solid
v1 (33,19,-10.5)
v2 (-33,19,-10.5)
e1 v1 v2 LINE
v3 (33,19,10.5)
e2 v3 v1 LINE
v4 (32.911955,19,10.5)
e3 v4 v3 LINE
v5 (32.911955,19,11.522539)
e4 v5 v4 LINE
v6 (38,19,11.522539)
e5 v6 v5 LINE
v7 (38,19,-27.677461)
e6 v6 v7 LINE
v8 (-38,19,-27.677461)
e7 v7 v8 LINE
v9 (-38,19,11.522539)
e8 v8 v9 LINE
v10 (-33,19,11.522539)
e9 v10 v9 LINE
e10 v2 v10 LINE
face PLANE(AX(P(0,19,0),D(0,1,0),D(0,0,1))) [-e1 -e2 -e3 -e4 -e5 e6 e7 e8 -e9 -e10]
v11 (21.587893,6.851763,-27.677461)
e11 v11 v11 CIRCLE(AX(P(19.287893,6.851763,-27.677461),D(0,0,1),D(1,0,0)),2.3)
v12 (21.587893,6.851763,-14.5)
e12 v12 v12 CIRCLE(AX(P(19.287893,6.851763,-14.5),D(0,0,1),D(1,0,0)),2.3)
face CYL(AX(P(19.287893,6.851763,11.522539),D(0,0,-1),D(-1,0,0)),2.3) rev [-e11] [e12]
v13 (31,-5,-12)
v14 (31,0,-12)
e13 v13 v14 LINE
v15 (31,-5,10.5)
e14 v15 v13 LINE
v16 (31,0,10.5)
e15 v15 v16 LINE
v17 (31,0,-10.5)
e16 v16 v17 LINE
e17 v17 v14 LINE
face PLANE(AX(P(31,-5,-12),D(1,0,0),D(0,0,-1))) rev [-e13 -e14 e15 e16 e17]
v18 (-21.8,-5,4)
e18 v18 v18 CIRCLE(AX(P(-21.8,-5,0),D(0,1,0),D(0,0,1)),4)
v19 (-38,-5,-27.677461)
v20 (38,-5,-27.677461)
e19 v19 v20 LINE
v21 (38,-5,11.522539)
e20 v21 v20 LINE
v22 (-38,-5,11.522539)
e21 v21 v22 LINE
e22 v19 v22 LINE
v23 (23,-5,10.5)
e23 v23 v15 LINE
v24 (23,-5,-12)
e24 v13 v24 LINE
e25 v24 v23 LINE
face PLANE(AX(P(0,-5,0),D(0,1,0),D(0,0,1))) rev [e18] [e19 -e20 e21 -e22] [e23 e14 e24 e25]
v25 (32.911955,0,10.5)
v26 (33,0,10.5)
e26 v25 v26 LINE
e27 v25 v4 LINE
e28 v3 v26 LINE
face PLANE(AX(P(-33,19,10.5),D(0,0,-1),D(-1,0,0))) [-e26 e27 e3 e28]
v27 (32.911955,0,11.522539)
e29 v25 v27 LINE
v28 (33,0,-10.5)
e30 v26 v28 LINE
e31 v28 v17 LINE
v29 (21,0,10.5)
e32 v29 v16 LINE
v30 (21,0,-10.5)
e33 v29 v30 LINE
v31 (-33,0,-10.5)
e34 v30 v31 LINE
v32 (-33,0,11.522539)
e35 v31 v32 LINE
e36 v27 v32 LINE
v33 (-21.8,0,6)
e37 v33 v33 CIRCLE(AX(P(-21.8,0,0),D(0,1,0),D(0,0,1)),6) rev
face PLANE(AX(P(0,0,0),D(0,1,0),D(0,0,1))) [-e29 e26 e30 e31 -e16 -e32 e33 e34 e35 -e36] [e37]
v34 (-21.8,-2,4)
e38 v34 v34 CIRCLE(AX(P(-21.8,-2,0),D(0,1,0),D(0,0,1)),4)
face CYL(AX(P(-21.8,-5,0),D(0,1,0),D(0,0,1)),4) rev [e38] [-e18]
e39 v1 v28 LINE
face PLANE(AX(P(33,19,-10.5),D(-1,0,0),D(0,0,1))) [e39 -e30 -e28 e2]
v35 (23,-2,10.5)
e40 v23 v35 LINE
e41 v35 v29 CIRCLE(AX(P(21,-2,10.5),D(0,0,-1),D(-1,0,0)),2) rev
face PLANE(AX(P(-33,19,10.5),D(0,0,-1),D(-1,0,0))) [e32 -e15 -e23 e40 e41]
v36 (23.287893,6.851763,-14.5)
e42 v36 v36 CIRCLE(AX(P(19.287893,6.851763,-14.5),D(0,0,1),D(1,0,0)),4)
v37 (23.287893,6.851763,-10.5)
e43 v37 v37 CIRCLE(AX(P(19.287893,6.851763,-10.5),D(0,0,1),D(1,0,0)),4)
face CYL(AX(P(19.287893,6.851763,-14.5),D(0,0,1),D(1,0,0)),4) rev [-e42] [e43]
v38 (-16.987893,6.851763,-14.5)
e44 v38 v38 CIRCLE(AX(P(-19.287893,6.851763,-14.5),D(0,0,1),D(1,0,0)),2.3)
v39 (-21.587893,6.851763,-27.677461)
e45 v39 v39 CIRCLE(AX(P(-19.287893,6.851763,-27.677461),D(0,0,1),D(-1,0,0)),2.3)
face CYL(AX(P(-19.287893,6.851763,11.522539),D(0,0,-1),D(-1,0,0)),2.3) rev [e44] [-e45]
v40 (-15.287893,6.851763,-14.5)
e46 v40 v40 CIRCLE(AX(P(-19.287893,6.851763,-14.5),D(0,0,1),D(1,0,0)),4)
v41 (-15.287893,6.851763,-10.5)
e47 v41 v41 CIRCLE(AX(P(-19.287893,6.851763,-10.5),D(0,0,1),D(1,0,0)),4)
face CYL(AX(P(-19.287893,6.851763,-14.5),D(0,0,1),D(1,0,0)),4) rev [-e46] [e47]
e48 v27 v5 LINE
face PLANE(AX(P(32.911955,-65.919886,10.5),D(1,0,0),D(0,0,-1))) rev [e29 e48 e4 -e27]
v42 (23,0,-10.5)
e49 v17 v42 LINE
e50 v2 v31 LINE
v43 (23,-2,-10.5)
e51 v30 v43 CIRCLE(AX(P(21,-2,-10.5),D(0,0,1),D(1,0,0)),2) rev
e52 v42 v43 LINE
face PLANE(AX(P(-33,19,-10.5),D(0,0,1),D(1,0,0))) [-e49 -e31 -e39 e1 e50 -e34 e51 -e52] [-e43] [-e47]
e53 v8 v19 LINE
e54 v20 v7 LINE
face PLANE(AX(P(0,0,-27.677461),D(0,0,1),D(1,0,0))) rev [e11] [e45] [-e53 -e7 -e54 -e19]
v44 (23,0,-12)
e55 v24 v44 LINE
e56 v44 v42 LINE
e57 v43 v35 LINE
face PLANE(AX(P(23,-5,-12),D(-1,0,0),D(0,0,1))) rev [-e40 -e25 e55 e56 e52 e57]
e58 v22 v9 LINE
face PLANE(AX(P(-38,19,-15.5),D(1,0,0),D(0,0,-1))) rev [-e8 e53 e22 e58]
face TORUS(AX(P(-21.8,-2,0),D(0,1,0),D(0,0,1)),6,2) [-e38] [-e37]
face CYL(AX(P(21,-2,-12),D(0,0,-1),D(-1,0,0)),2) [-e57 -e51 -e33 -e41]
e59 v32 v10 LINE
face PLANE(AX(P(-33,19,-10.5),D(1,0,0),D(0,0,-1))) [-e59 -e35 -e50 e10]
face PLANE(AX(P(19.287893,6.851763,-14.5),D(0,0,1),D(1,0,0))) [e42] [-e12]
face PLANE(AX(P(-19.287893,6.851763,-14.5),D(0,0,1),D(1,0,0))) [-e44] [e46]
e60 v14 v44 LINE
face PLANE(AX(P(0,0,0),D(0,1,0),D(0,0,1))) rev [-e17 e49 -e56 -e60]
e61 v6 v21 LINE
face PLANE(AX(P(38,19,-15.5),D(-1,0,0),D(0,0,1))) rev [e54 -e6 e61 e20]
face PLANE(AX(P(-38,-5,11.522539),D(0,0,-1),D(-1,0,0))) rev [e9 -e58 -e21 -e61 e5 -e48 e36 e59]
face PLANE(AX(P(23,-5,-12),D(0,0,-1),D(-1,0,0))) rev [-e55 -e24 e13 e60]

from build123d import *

# Parameters (mm, degrees)
SKETCH_1_W               = 76
SKETCH_1_H               = 31
SKETCH_1_W_2             = 66
SKETCH_1_H_2             = 21
EXTRUDE_1_DEPTH          = 19
SKETCH_3_W               = 76
SKETCH_3_H               = 31
SKETCH_3_R               = 4
SKETCH_3_W_2             = 8
SKETCH_3_H_2             = 22.5
EXTRUDE_3_DEPTH          = 5
FILLET_1_R               = 2
FILLET_2_R               = 2
CUT_EXTRUDE_2_DEPTH      = 46.224440295
CUT_EXTRUDE_2_DEPTH_BACK = 46.224440295
SKETCH_5_W               = 76.758909218
SKETCH_5_H               = 3.977461231
SKETCH_6_W               = 76
SKETCH_6_H               = 24
EXTRUDE_4_DEPTH          = 12.177461231
SKETCH_8_R               = 2.3
CUT_EXTRUDE_5_DEPTH      = 58.806920001
SKETCH_13_W              = 65.911954831
SKETCH_13_H              = 1.022538769
CUT_EXTRUDE_6_DEPTH      = 19
SKETCH_14_R              = 4
CUT_EXTRUDE_7_DEPTH      = 4


with BuildPart() as part:
    # 草圖1 → 填料-伸長1 (new body)
    with BuildSketch(Plane(origin=(0, 0, 0), x_dir=(1, 0, 0), z_dir=(0, 1, 0))):
        Rectangle(SKETCH_1_W, SKETCH_1_H)
        Rectangle(SKETCH_1_W_2, SKETCH_1_H_2, mode=Mode.SUBTRACT)
    extrude(amount=EXTRUDE_1_DEPTH)

    # 草圖3 → 填料-伸長3 (add)
    with BuildSketch(Plane(origin=(0, 0, 0), x_dir=(1, 0, 0), z_dir=(0, 1, 0))):
        Rectangle(SKETCH_3_W, SKETCH_3_H)
        with Locations(Location((-21.8, 0, 0), (0, 0, 270))):
            Circle(SKETCH_3_R, mode=Mode.SUBTRACT)
        with Locations((27, 0.75)):
            Rectangle(SKETCH_3_W_2, SKETCH_3_H_2, mode=Mode.SUBTRACT)
    extrude(amount=-EXTRUDE_3_DEPTH)

    # 圓角1
    fillet_1_edges = [part.edges().sort_by_distance(p)[0] for p in [
        (-21.8, 0, -4),
    ]]
    fillet(fillet_1_edges, radius=FILLET_1_R)

    # 圓角2
    fillet_2_edges = [part.edges().sort_by_distance(p)[0] for p in [
        (23, 0, 0),
    ]]
    fillet(fillet_2_edges, radius=FILLET_2_R)

    # 草圖5 → 除料-伸長2 (cut, two sides: drawn at the far end of the back side and taken through both)
    with BuildSketch(Plane(origin=(0, 0, 0), x_dir=(1, 0, 0), z_dir=(0, 1, 0)).offset(-CUT_EXTRUDE_2_DEPTH_BACK)):
        with Locations((0.379454609, -13.511269385)):
            Rectangle(SKETCH_5_W, SKETCH_5_H)
    extrude(amount=CUT_EXTRUDE_2_DEPTH + CUT_EXTRUDE_2_DEPTH_BACK, mode=Mode.SUBTRACT)

    # 草圖6 → 填料-伸長4 (add)
    with BuildSketch(Plane.XY.offset(-27.677461231)):
        with Locations((0, 7)):
            Rectangle(SKETCH_6_W, SKETCH_6_H)
    extrude(amount=EXTRUDE_4_DEPTH)

    # 草圖8 → 除料-伸長5 (cut, through all)
    with BuildSketch(Plane.XY.offset(-27.677461231)):
        with Locations((19.287892817, 6.851763466)):
            Circle(SKETCH_8_R)
        with Locations(Location((-19.287892817, 6.851763466, 0), (0, 0, 180))):
            Circle(SKETCH_8_R)
    extrude(amount=CUT_EXTRUDE_5_DEPTH, mode=Mode.SUBTRACT)

    # 草圖13 → 除料-伸長6 (cut)
    with BuildSketch(Plane(origin=(0, 19, 0), x_dir=(1, 0, 0), z_dir=(0, 1, 0))):
        with Locations((-0.044022584, -11.011269385)):
            Rectangle(SKETCH_13_W, SKETCH_13_H)
    extrude(amount=-CUT_EXTRUDE_6_DEPTH, mode=Mode.SUBTRACT)

    # 草圖14 → 除料-伸長7 (cut)
    with BuildSketch(Plane.XY.offset(-10.5)):
        with Locations((-19.287892817, 6.851763466)):
            Circle(SKETCH_14_R)
        with Locations((19.287892817, 6.851763466)):
            Circle(SKETCH_14_R)
    extrude(amount=-CUT_EXTRUDE_7_DEPTH, mode=Mode.SUBTRACT)


solid = part.part
